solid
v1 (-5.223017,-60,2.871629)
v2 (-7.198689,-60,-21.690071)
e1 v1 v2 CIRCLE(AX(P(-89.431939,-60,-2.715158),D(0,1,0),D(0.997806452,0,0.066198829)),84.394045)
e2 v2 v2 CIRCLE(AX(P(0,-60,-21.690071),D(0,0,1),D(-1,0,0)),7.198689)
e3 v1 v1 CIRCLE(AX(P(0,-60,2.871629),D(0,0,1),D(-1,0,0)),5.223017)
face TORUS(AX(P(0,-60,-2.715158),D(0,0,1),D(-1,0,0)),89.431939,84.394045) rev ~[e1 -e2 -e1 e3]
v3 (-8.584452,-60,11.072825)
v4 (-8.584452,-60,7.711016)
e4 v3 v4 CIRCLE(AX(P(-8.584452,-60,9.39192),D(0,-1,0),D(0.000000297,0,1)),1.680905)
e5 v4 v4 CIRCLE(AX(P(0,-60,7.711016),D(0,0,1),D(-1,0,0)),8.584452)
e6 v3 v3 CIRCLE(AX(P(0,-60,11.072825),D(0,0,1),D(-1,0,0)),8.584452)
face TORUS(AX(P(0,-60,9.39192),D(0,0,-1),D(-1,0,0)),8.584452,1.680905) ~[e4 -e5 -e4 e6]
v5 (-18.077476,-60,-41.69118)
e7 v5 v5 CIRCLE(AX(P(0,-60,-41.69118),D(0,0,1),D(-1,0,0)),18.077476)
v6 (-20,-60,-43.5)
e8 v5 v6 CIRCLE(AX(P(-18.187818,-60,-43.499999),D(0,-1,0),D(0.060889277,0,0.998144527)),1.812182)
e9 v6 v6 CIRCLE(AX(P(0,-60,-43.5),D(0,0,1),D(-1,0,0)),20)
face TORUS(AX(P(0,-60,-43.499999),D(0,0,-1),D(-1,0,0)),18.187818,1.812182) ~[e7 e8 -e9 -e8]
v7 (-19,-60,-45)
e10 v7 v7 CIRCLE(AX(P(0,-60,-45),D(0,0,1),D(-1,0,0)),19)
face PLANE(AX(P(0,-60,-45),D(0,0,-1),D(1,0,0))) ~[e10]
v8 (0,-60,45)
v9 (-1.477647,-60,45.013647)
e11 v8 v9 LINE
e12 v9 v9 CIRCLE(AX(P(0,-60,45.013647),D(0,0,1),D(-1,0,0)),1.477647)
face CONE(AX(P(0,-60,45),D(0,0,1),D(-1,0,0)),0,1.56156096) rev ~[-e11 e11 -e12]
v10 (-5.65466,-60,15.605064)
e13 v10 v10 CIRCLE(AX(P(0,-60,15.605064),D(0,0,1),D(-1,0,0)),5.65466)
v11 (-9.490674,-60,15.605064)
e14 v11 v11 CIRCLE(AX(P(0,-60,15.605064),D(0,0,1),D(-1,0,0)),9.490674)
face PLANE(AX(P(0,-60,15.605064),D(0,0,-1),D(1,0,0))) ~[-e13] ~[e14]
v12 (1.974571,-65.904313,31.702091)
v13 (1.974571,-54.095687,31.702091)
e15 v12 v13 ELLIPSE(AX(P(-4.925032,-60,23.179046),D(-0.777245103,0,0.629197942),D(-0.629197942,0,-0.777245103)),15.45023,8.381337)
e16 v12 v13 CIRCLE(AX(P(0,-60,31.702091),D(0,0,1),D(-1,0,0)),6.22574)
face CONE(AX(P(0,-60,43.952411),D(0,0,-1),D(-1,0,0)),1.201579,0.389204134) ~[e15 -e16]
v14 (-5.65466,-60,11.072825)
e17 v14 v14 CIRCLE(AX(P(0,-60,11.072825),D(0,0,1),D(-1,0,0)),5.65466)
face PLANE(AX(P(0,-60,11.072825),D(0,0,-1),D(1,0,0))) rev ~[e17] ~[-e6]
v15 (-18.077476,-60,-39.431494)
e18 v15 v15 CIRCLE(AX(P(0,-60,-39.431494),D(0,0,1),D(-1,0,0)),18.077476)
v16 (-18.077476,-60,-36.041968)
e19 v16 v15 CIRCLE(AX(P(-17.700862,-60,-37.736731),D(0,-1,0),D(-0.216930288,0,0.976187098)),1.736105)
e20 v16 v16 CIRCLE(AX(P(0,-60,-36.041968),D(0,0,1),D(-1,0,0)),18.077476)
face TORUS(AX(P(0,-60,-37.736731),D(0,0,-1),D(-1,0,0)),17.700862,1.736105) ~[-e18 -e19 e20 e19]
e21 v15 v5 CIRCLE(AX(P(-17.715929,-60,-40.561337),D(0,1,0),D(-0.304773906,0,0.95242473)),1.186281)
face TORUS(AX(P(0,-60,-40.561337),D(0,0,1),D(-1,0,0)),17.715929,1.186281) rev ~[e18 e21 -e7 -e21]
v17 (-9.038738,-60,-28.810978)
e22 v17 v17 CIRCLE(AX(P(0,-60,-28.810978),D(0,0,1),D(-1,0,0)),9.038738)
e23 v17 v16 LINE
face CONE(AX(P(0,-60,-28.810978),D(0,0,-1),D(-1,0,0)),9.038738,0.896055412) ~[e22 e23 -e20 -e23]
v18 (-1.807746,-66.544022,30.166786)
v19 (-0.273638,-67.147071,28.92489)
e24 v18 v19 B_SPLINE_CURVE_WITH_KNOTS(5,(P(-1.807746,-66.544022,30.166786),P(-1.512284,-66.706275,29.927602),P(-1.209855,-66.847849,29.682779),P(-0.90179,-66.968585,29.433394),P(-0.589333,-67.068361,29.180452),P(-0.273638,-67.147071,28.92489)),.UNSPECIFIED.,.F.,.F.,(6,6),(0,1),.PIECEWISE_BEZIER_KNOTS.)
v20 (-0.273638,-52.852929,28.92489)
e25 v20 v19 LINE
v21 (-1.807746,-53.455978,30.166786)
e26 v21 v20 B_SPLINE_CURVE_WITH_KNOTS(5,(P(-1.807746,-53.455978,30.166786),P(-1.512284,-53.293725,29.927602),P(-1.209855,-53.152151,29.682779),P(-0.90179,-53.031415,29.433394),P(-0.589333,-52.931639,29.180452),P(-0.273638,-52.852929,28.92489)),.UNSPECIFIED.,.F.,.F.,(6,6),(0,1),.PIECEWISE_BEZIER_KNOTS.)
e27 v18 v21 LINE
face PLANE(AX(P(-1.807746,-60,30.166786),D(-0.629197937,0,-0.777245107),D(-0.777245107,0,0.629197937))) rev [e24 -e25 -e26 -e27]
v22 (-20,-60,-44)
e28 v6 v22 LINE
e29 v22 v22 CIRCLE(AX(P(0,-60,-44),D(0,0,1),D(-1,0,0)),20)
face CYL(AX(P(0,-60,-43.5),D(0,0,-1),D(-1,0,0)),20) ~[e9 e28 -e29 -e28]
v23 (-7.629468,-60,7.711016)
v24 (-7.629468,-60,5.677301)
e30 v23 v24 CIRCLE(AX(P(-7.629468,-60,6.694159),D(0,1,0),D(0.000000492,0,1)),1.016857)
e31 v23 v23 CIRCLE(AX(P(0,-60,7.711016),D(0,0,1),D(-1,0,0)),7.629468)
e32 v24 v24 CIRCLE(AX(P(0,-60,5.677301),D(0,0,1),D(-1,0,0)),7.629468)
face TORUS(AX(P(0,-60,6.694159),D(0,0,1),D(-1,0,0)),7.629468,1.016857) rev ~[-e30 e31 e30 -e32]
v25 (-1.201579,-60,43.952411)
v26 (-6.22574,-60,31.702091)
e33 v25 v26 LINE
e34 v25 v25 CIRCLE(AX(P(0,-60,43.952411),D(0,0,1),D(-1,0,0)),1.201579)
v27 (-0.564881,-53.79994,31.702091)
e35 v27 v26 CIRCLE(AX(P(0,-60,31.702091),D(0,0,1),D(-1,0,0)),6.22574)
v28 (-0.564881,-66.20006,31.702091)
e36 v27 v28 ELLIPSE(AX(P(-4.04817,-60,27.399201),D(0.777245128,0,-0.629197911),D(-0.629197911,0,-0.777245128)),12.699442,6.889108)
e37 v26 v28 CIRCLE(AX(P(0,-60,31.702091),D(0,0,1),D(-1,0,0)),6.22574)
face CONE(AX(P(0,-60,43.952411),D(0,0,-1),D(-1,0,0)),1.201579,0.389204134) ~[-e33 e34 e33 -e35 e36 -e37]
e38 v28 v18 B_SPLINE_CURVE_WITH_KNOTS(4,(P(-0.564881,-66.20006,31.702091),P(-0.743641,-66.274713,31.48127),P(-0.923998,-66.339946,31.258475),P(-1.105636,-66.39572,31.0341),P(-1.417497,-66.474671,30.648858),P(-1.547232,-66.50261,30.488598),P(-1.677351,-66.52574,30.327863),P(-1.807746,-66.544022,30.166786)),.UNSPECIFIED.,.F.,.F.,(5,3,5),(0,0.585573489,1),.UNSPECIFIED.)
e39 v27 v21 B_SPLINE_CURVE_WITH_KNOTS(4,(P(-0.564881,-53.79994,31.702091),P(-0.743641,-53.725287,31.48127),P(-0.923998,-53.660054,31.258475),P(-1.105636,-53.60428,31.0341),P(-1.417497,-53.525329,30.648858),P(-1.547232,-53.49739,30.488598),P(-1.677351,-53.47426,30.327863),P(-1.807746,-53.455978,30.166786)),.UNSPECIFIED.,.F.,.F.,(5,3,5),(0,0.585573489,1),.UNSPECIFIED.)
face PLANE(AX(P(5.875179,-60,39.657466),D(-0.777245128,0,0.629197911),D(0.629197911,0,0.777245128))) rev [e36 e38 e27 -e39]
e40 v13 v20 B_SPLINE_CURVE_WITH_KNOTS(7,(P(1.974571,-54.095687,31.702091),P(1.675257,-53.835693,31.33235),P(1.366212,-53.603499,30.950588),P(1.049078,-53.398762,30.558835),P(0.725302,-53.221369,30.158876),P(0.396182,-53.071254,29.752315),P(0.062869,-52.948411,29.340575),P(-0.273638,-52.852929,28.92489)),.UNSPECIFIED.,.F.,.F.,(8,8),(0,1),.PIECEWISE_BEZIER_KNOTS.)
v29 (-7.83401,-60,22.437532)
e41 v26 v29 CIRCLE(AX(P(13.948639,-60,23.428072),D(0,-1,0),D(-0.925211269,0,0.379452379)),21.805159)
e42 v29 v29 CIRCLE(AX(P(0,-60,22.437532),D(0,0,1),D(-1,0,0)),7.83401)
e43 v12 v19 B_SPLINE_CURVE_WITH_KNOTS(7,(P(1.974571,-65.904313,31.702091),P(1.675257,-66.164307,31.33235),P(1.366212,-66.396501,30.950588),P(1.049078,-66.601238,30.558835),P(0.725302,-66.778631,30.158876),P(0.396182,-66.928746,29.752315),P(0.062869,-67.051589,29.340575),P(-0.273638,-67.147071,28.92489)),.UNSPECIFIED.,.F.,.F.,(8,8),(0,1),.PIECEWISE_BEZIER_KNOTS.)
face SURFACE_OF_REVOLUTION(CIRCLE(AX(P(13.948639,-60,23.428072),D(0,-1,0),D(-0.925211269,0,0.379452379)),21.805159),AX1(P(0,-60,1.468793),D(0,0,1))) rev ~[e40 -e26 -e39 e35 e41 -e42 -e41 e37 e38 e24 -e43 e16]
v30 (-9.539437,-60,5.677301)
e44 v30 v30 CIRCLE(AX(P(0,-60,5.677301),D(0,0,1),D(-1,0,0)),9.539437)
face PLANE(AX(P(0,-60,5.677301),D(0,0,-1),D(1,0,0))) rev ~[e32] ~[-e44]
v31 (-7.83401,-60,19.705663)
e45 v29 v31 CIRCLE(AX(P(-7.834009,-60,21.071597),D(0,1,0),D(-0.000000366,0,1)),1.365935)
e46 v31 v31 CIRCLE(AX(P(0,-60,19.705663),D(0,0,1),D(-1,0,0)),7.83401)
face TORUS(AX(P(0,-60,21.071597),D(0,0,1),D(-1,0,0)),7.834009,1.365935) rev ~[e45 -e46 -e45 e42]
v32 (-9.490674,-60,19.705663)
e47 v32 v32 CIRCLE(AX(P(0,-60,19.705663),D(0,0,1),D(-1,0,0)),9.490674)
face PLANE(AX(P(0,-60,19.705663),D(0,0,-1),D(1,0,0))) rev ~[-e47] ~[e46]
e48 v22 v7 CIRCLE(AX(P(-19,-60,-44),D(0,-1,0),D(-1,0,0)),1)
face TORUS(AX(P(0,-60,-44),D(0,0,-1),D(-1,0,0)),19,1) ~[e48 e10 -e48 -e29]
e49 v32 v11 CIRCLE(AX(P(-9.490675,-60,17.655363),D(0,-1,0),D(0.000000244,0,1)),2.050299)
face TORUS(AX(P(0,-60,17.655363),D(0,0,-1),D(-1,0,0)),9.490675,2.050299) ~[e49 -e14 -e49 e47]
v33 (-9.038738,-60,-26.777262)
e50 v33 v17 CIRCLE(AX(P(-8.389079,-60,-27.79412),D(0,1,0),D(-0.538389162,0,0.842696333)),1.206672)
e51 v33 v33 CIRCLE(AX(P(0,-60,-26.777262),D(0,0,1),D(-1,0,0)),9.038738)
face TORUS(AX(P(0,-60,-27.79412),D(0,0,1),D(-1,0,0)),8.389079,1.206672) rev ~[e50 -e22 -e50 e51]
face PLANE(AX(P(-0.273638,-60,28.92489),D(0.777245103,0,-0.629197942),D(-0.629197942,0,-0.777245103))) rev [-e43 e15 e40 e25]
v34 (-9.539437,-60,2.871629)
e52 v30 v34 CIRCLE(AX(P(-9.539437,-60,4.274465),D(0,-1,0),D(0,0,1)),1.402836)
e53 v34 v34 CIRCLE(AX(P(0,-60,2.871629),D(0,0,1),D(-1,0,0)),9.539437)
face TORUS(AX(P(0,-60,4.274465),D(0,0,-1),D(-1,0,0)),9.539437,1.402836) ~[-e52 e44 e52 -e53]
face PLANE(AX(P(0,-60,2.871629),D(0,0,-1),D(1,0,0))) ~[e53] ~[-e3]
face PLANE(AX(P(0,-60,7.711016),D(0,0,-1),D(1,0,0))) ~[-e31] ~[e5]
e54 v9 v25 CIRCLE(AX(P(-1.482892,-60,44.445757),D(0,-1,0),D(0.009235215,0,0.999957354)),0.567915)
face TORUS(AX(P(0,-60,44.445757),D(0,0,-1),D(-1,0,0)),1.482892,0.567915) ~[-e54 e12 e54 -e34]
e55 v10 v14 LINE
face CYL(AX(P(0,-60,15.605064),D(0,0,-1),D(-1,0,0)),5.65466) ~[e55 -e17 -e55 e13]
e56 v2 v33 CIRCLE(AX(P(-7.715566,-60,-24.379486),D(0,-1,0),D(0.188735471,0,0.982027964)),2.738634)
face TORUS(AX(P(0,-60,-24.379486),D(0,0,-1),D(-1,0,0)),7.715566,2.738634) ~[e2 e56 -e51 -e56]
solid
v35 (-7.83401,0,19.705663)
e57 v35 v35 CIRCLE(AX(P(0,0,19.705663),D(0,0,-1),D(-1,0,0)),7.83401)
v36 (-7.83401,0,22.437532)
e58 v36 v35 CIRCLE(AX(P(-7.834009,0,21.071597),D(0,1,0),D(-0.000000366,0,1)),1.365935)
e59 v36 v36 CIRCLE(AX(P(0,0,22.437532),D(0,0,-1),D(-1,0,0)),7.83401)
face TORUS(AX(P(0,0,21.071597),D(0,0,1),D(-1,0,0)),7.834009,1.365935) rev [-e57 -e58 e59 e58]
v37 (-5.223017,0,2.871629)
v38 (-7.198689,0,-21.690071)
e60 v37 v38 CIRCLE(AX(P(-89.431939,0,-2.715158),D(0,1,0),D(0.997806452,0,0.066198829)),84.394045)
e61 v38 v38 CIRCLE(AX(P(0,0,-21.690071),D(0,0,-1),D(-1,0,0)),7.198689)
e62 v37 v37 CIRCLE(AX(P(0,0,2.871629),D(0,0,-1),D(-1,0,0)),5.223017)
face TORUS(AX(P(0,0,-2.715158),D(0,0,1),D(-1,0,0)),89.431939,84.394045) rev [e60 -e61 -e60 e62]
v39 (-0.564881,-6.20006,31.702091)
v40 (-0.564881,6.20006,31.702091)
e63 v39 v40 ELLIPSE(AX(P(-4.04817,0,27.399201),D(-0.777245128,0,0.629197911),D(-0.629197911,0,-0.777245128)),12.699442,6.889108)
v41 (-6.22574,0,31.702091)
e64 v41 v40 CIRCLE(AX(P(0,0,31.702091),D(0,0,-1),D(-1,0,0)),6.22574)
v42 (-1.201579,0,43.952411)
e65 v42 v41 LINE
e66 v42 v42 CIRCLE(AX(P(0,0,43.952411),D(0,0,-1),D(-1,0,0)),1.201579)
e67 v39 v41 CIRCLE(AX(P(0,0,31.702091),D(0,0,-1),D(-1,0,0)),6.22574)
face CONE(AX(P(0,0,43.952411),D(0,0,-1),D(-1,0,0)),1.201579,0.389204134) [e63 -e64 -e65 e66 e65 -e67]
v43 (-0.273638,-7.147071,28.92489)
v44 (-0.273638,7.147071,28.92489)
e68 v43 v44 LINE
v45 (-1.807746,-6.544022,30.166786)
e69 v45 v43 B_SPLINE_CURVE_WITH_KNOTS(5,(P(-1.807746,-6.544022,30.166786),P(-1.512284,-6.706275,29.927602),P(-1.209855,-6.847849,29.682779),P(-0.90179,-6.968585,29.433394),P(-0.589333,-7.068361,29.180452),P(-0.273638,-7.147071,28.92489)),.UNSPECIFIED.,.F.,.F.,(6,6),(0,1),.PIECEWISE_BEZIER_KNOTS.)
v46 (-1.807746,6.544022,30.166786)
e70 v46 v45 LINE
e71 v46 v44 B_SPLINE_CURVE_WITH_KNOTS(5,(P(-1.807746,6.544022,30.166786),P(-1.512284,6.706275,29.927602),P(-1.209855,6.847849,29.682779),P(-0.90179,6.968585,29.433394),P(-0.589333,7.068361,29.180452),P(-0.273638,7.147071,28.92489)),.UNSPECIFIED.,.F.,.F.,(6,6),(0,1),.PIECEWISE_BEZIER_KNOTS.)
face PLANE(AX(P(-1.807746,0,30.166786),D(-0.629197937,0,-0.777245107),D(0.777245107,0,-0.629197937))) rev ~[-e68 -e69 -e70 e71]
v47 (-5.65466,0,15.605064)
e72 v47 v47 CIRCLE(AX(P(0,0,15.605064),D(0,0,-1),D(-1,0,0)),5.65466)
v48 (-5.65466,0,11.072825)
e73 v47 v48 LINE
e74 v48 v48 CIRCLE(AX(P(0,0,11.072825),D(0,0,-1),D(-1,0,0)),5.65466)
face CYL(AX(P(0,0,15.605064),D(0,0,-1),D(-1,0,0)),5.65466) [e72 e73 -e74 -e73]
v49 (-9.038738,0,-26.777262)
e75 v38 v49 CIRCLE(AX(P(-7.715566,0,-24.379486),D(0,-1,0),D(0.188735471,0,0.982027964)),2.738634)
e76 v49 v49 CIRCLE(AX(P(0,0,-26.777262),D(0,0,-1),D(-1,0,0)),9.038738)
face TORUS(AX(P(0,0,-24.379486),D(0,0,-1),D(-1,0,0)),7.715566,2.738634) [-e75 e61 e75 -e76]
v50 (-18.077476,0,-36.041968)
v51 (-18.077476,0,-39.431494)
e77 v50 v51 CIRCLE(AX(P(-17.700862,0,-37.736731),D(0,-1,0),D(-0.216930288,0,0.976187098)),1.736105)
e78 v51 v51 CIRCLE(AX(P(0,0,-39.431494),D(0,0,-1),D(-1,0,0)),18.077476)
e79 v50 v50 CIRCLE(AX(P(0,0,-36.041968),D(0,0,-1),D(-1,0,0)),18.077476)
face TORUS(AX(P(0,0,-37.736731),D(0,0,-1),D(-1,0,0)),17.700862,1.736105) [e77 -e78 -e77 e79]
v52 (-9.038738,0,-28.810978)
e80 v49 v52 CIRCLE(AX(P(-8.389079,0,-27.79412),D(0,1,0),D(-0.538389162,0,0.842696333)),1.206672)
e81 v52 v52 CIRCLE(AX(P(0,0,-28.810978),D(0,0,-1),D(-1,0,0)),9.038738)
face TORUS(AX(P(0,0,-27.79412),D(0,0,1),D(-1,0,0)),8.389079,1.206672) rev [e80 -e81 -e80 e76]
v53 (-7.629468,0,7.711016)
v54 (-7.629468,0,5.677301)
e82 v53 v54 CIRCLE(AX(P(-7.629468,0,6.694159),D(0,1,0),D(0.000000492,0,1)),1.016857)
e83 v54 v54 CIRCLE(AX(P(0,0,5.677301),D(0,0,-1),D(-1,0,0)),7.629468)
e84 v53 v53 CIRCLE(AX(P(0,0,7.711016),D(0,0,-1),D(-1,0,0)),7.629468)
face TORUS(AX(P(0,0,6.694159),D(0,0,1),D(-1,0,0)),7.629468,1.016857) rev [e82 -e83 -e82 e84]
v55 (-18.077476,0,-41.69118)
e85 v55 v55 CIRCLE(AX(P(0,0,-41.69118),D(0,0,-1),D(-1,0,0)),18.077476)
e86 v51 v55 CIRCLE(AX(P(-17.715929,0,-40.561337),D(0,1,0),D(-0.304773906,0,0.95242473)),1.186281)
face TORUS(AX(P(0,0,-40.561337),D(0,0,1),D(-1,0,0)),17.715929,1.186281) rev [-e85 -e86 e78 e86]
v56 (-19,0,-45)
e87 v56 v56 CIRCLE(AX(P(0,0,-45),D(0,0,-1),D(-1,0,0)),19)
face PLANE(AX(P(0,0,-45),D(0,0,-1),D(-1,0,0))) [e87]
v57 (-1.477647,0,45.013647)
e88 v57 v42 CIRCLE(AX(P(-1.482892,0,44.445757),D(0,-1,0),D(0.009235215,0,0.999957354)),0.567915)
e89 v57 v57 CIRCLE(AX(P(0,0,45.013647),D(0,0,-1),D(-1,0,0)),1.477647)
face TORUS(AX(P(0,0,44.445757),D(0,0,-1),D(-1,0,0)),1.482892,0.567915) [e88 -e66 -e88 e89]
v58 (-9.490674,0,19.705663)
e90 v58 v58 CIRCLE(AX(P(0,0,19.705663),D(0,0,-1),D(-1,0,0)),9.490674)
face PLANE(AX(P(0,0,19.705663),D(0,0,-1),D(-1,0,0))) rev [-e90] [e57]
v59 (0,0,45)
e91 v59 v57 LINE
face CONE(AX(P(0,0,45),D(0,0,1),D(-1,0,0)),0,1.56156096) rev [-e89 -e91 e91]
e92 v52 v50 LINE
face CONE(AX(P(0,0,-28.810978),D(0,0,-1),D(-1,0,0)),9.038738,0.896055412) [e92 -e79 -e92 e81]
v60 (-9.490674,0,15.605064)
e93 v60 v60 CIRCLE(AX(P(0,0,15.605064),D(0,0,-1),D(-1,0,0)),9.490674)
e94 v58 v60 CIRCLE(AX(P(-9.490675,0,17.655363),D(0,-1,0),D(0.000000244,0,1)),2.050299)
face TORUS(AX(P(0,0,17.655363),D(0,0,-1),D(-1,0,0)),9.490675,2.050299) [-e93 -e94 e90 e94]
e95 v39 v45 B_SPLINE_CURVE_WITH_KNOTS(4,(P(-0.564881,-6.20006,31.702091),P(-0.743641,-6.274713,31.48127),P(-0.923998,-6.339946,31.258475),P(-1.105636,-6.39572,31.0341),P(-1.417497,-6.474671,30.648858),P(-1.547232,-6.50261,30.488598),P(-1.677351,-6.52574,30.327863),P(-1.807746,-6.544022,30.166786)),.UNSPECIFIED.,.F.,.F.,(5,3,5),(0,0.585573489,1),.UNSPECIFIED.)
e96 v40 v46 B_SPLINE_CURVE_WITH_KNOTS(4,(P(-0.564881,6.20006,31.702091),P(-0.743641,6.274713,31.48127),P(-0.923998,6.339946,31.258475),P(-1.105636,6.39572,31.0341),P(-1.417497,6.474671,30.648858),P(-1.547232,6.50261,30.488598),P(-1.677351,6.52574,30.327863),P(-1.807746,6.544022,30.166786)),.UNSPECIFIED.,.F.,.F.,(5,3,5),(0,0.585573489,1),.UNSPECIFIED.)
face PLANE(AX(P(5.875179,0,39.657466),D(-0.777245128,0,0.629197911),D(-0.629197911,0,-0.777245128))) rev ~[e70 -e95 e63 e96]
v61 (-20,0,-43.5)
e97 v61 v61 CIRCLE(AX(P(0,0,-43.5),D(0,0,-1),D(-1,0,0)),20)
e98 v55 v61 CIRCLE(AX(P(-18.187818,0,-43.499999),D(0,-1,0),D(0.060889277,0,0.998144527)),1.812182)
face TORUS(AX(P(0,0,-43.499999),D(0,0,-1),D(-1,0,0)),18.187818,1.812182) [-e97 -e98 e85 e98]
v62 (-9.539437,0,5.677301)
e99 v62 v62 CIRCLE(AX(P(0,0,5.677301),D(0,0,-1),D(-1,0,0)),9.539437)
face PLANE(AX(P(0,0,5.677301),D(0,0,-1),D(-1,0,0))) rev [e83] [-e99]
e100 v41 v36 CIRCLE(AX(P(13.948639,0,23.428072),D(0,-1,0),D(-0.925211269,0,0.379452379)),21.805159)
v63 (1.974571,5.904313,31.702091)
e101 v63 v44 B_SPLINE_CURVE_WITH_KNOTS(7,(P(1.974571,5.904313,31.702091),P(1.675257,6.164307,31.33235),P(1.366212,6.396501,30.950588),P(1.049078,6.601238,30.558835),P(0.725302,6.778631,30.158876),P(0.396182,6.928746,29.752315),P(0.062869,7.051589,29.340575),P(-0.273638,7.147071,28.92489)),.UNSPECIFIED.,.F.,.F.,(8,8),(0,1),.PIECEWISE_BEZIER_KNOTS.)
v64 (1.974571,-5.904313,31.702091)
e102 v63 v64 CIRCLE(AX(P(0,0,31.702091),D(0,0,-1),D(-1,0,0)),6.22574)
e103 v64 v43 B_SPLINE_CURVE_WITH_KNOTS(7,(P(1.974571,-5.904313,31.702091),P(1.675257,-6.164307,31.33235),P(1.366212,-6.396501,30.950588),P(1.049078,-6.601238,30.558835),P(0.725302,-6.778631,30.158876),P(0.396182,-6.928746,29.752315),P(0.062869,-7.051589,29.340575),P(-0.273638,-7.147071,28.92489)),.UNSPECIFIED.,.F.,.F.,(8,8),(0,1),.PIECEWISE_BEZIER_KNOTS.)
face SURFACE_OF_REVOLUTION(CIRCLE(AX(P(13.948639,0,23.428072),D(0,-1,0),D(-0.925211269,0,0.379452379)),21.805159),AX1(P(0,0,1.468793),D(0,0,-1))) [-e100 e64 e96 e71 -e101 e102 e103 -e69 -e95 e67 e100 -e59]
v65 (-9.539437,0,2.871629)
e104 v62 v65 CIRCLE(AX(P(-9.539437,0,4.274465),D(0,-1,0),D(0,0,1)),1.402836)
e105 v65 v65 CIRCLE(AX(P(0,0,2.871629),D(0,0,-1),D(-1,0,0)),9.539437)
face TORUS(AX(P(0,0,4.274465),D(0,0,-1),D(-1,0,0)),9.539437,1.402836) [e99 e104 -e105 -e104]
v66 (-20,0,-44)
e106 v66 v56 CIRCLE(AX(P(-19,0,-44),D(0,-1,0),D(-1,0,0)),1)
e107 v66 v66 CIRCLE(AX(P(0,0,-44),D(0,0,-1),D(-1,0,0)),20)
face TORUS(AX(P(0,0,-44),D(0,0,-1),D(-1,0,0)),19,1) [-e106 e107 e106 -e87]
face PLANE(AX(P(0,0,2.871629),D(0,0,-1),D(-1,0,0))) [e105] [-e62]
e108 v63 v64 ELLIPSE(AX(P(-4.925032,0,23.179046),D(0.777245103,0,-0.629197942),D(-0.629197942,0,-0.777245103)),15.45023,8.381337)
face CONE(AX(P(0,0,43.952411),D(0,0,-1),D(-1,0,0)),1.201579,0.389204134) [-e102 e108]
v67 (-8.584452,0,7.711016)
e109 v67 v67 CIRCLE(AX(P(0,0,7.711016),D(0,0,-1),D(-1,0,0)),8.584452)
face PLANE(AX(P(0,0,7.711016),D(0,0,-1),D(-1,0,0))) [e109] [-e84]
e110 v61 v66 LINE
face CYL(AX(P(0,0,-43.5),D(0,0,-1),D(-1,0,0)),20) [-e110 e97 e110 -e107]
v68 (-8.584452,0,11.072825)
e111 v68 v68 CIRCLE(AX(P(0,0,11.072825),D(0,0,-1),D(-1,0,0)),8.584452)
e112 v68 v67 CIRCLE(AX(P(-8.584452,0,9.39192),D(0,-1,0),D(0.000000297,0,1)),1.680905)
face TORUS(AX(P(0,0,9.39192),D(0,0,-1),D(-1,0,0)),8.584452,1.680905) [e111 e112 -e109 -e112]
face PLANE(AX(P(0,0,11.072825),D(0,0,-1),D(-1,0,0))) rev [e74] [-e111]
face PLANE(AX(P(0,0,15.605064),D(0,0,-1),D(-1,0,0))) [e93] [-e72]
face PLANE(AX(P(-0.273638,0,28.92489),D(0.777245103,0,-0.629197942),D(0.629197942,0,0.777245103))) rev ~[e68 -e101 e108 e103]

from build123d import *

# Parameters (mm, degrees)
F2_R     = 1
F4_DEPTH = 12.5


with BuildPart() as f1:
    # F0 (on Front) → F1 (revolve)
    with BuildSketch(Plane.XZ):
        with BuildLine():
            Line((0, -45), (0, 45))
            Line((0, 45), (-1.477647, 45.013647))
            ThreePointArc((-1.477647, 45.013647), (-2.032514, 44.30278), (-1.201579, 43.952411))
            Line((-1.201579, 43.952411), (-6.22574, 31.702091))
            ThreePointArc((-6.22574, 31.702091), (-7.535217, 27.157535), (-7.83401, 22.437532))
            ThreePointArc((-7.83401, 22.437532), (-6.468075, 21.071597), (-7.83401, 19.705663))
            Line((-7.83401, 19.705663), (-9.490674, 19.705663))
            ThreePointArc((-9.490674, 19.705663), (-11.540974, 17.655363), (-9.490674, 15.605064))
            Line((-9.490674, 15.605064), (-5.65466, 15.605064))
            Line((-5.65466, 15.605064), (-5.65466, 11.072825))
            Line((-5.65466, 11.072825), (-8.584452, 11.072825))
            ThreePointArc((-8.584452, 11.072825), (-10.265357, 9.39192), (-8.584452, 7.711016))
            Line((-8.584452, 7.711016), (-7.629468, 7.711016))
            ThreePointArc((-7.629468, 7.711016), (-6.612611, 6.694159), (-7.629468, 5.677301))
            Line((-7.629468, 5.677301), (-9.539437, 5.677301))
            ThreePointArc((-9.539437, 5.677301), (-10.942273, 4.274465), (-9.539437, 2.871629))
            Line((-9.539437, 2.871629), (-5.223017, 2.871629))
            ThreePointArc((-5.223017, 2.871629), (-5.309597, -9.481716), (-7.198689, -21.690071))
            ThreePointArc((-7.198689, -21.690071), (-10.290912, -23.447977), (-9.038738, -26.777262))
            ThreePointArc((-9.038738, -26.777262), (-7.182407, -27.79412), (-9.038738, -28.810978))
            Line((-9.038738, -28.810978), (-18.077476, -36.041968))
            ThreePointArc((-18.077476, -36.041968), (-19.436967, -37.736731), (-18.077476, -39.431494))
            ThreePointArc((-18.077476, -39.431494), (-16.529648, -40.561337), (-18.077476, -41.69118))
            ThreePointArc((-18.077476, -41.69118), (-19.4296, -42.180158), (-20, -43.5))
            Line((-20, -43.5), (-20, -45))
            Line((-20, -45), (0, -45))
        make_face()
    revolve(axis=Axis((0, 0, 1.468793), (0, 0, -1)))

    # F2
    f2_edges = [f1.edges().sort_by_distance(p)[0] for p in [
        (20, 0, -45),
    ]]
    fillet(f2_edges, radius=F2_R)

    # F3 (on Front) → F4 (cut, symmetric)
    with BuildSketch(Plane.XZ):
        Polygon((7.419809, 38.428567), (5.875179, 39.657466), (-1.807746, 30.166786), (-0.273638, 28.92489), align=None)
    extrude(amount=F4_DEPTH, both=True, mode=Mode.SUBTRACT)


with BuildPart() as f6_1:
    # F6: instance of F1
    add(f1.part.mirror(Plane.XZ.offset(30)))


solid = Compound([f1.part, f6_1.part])
